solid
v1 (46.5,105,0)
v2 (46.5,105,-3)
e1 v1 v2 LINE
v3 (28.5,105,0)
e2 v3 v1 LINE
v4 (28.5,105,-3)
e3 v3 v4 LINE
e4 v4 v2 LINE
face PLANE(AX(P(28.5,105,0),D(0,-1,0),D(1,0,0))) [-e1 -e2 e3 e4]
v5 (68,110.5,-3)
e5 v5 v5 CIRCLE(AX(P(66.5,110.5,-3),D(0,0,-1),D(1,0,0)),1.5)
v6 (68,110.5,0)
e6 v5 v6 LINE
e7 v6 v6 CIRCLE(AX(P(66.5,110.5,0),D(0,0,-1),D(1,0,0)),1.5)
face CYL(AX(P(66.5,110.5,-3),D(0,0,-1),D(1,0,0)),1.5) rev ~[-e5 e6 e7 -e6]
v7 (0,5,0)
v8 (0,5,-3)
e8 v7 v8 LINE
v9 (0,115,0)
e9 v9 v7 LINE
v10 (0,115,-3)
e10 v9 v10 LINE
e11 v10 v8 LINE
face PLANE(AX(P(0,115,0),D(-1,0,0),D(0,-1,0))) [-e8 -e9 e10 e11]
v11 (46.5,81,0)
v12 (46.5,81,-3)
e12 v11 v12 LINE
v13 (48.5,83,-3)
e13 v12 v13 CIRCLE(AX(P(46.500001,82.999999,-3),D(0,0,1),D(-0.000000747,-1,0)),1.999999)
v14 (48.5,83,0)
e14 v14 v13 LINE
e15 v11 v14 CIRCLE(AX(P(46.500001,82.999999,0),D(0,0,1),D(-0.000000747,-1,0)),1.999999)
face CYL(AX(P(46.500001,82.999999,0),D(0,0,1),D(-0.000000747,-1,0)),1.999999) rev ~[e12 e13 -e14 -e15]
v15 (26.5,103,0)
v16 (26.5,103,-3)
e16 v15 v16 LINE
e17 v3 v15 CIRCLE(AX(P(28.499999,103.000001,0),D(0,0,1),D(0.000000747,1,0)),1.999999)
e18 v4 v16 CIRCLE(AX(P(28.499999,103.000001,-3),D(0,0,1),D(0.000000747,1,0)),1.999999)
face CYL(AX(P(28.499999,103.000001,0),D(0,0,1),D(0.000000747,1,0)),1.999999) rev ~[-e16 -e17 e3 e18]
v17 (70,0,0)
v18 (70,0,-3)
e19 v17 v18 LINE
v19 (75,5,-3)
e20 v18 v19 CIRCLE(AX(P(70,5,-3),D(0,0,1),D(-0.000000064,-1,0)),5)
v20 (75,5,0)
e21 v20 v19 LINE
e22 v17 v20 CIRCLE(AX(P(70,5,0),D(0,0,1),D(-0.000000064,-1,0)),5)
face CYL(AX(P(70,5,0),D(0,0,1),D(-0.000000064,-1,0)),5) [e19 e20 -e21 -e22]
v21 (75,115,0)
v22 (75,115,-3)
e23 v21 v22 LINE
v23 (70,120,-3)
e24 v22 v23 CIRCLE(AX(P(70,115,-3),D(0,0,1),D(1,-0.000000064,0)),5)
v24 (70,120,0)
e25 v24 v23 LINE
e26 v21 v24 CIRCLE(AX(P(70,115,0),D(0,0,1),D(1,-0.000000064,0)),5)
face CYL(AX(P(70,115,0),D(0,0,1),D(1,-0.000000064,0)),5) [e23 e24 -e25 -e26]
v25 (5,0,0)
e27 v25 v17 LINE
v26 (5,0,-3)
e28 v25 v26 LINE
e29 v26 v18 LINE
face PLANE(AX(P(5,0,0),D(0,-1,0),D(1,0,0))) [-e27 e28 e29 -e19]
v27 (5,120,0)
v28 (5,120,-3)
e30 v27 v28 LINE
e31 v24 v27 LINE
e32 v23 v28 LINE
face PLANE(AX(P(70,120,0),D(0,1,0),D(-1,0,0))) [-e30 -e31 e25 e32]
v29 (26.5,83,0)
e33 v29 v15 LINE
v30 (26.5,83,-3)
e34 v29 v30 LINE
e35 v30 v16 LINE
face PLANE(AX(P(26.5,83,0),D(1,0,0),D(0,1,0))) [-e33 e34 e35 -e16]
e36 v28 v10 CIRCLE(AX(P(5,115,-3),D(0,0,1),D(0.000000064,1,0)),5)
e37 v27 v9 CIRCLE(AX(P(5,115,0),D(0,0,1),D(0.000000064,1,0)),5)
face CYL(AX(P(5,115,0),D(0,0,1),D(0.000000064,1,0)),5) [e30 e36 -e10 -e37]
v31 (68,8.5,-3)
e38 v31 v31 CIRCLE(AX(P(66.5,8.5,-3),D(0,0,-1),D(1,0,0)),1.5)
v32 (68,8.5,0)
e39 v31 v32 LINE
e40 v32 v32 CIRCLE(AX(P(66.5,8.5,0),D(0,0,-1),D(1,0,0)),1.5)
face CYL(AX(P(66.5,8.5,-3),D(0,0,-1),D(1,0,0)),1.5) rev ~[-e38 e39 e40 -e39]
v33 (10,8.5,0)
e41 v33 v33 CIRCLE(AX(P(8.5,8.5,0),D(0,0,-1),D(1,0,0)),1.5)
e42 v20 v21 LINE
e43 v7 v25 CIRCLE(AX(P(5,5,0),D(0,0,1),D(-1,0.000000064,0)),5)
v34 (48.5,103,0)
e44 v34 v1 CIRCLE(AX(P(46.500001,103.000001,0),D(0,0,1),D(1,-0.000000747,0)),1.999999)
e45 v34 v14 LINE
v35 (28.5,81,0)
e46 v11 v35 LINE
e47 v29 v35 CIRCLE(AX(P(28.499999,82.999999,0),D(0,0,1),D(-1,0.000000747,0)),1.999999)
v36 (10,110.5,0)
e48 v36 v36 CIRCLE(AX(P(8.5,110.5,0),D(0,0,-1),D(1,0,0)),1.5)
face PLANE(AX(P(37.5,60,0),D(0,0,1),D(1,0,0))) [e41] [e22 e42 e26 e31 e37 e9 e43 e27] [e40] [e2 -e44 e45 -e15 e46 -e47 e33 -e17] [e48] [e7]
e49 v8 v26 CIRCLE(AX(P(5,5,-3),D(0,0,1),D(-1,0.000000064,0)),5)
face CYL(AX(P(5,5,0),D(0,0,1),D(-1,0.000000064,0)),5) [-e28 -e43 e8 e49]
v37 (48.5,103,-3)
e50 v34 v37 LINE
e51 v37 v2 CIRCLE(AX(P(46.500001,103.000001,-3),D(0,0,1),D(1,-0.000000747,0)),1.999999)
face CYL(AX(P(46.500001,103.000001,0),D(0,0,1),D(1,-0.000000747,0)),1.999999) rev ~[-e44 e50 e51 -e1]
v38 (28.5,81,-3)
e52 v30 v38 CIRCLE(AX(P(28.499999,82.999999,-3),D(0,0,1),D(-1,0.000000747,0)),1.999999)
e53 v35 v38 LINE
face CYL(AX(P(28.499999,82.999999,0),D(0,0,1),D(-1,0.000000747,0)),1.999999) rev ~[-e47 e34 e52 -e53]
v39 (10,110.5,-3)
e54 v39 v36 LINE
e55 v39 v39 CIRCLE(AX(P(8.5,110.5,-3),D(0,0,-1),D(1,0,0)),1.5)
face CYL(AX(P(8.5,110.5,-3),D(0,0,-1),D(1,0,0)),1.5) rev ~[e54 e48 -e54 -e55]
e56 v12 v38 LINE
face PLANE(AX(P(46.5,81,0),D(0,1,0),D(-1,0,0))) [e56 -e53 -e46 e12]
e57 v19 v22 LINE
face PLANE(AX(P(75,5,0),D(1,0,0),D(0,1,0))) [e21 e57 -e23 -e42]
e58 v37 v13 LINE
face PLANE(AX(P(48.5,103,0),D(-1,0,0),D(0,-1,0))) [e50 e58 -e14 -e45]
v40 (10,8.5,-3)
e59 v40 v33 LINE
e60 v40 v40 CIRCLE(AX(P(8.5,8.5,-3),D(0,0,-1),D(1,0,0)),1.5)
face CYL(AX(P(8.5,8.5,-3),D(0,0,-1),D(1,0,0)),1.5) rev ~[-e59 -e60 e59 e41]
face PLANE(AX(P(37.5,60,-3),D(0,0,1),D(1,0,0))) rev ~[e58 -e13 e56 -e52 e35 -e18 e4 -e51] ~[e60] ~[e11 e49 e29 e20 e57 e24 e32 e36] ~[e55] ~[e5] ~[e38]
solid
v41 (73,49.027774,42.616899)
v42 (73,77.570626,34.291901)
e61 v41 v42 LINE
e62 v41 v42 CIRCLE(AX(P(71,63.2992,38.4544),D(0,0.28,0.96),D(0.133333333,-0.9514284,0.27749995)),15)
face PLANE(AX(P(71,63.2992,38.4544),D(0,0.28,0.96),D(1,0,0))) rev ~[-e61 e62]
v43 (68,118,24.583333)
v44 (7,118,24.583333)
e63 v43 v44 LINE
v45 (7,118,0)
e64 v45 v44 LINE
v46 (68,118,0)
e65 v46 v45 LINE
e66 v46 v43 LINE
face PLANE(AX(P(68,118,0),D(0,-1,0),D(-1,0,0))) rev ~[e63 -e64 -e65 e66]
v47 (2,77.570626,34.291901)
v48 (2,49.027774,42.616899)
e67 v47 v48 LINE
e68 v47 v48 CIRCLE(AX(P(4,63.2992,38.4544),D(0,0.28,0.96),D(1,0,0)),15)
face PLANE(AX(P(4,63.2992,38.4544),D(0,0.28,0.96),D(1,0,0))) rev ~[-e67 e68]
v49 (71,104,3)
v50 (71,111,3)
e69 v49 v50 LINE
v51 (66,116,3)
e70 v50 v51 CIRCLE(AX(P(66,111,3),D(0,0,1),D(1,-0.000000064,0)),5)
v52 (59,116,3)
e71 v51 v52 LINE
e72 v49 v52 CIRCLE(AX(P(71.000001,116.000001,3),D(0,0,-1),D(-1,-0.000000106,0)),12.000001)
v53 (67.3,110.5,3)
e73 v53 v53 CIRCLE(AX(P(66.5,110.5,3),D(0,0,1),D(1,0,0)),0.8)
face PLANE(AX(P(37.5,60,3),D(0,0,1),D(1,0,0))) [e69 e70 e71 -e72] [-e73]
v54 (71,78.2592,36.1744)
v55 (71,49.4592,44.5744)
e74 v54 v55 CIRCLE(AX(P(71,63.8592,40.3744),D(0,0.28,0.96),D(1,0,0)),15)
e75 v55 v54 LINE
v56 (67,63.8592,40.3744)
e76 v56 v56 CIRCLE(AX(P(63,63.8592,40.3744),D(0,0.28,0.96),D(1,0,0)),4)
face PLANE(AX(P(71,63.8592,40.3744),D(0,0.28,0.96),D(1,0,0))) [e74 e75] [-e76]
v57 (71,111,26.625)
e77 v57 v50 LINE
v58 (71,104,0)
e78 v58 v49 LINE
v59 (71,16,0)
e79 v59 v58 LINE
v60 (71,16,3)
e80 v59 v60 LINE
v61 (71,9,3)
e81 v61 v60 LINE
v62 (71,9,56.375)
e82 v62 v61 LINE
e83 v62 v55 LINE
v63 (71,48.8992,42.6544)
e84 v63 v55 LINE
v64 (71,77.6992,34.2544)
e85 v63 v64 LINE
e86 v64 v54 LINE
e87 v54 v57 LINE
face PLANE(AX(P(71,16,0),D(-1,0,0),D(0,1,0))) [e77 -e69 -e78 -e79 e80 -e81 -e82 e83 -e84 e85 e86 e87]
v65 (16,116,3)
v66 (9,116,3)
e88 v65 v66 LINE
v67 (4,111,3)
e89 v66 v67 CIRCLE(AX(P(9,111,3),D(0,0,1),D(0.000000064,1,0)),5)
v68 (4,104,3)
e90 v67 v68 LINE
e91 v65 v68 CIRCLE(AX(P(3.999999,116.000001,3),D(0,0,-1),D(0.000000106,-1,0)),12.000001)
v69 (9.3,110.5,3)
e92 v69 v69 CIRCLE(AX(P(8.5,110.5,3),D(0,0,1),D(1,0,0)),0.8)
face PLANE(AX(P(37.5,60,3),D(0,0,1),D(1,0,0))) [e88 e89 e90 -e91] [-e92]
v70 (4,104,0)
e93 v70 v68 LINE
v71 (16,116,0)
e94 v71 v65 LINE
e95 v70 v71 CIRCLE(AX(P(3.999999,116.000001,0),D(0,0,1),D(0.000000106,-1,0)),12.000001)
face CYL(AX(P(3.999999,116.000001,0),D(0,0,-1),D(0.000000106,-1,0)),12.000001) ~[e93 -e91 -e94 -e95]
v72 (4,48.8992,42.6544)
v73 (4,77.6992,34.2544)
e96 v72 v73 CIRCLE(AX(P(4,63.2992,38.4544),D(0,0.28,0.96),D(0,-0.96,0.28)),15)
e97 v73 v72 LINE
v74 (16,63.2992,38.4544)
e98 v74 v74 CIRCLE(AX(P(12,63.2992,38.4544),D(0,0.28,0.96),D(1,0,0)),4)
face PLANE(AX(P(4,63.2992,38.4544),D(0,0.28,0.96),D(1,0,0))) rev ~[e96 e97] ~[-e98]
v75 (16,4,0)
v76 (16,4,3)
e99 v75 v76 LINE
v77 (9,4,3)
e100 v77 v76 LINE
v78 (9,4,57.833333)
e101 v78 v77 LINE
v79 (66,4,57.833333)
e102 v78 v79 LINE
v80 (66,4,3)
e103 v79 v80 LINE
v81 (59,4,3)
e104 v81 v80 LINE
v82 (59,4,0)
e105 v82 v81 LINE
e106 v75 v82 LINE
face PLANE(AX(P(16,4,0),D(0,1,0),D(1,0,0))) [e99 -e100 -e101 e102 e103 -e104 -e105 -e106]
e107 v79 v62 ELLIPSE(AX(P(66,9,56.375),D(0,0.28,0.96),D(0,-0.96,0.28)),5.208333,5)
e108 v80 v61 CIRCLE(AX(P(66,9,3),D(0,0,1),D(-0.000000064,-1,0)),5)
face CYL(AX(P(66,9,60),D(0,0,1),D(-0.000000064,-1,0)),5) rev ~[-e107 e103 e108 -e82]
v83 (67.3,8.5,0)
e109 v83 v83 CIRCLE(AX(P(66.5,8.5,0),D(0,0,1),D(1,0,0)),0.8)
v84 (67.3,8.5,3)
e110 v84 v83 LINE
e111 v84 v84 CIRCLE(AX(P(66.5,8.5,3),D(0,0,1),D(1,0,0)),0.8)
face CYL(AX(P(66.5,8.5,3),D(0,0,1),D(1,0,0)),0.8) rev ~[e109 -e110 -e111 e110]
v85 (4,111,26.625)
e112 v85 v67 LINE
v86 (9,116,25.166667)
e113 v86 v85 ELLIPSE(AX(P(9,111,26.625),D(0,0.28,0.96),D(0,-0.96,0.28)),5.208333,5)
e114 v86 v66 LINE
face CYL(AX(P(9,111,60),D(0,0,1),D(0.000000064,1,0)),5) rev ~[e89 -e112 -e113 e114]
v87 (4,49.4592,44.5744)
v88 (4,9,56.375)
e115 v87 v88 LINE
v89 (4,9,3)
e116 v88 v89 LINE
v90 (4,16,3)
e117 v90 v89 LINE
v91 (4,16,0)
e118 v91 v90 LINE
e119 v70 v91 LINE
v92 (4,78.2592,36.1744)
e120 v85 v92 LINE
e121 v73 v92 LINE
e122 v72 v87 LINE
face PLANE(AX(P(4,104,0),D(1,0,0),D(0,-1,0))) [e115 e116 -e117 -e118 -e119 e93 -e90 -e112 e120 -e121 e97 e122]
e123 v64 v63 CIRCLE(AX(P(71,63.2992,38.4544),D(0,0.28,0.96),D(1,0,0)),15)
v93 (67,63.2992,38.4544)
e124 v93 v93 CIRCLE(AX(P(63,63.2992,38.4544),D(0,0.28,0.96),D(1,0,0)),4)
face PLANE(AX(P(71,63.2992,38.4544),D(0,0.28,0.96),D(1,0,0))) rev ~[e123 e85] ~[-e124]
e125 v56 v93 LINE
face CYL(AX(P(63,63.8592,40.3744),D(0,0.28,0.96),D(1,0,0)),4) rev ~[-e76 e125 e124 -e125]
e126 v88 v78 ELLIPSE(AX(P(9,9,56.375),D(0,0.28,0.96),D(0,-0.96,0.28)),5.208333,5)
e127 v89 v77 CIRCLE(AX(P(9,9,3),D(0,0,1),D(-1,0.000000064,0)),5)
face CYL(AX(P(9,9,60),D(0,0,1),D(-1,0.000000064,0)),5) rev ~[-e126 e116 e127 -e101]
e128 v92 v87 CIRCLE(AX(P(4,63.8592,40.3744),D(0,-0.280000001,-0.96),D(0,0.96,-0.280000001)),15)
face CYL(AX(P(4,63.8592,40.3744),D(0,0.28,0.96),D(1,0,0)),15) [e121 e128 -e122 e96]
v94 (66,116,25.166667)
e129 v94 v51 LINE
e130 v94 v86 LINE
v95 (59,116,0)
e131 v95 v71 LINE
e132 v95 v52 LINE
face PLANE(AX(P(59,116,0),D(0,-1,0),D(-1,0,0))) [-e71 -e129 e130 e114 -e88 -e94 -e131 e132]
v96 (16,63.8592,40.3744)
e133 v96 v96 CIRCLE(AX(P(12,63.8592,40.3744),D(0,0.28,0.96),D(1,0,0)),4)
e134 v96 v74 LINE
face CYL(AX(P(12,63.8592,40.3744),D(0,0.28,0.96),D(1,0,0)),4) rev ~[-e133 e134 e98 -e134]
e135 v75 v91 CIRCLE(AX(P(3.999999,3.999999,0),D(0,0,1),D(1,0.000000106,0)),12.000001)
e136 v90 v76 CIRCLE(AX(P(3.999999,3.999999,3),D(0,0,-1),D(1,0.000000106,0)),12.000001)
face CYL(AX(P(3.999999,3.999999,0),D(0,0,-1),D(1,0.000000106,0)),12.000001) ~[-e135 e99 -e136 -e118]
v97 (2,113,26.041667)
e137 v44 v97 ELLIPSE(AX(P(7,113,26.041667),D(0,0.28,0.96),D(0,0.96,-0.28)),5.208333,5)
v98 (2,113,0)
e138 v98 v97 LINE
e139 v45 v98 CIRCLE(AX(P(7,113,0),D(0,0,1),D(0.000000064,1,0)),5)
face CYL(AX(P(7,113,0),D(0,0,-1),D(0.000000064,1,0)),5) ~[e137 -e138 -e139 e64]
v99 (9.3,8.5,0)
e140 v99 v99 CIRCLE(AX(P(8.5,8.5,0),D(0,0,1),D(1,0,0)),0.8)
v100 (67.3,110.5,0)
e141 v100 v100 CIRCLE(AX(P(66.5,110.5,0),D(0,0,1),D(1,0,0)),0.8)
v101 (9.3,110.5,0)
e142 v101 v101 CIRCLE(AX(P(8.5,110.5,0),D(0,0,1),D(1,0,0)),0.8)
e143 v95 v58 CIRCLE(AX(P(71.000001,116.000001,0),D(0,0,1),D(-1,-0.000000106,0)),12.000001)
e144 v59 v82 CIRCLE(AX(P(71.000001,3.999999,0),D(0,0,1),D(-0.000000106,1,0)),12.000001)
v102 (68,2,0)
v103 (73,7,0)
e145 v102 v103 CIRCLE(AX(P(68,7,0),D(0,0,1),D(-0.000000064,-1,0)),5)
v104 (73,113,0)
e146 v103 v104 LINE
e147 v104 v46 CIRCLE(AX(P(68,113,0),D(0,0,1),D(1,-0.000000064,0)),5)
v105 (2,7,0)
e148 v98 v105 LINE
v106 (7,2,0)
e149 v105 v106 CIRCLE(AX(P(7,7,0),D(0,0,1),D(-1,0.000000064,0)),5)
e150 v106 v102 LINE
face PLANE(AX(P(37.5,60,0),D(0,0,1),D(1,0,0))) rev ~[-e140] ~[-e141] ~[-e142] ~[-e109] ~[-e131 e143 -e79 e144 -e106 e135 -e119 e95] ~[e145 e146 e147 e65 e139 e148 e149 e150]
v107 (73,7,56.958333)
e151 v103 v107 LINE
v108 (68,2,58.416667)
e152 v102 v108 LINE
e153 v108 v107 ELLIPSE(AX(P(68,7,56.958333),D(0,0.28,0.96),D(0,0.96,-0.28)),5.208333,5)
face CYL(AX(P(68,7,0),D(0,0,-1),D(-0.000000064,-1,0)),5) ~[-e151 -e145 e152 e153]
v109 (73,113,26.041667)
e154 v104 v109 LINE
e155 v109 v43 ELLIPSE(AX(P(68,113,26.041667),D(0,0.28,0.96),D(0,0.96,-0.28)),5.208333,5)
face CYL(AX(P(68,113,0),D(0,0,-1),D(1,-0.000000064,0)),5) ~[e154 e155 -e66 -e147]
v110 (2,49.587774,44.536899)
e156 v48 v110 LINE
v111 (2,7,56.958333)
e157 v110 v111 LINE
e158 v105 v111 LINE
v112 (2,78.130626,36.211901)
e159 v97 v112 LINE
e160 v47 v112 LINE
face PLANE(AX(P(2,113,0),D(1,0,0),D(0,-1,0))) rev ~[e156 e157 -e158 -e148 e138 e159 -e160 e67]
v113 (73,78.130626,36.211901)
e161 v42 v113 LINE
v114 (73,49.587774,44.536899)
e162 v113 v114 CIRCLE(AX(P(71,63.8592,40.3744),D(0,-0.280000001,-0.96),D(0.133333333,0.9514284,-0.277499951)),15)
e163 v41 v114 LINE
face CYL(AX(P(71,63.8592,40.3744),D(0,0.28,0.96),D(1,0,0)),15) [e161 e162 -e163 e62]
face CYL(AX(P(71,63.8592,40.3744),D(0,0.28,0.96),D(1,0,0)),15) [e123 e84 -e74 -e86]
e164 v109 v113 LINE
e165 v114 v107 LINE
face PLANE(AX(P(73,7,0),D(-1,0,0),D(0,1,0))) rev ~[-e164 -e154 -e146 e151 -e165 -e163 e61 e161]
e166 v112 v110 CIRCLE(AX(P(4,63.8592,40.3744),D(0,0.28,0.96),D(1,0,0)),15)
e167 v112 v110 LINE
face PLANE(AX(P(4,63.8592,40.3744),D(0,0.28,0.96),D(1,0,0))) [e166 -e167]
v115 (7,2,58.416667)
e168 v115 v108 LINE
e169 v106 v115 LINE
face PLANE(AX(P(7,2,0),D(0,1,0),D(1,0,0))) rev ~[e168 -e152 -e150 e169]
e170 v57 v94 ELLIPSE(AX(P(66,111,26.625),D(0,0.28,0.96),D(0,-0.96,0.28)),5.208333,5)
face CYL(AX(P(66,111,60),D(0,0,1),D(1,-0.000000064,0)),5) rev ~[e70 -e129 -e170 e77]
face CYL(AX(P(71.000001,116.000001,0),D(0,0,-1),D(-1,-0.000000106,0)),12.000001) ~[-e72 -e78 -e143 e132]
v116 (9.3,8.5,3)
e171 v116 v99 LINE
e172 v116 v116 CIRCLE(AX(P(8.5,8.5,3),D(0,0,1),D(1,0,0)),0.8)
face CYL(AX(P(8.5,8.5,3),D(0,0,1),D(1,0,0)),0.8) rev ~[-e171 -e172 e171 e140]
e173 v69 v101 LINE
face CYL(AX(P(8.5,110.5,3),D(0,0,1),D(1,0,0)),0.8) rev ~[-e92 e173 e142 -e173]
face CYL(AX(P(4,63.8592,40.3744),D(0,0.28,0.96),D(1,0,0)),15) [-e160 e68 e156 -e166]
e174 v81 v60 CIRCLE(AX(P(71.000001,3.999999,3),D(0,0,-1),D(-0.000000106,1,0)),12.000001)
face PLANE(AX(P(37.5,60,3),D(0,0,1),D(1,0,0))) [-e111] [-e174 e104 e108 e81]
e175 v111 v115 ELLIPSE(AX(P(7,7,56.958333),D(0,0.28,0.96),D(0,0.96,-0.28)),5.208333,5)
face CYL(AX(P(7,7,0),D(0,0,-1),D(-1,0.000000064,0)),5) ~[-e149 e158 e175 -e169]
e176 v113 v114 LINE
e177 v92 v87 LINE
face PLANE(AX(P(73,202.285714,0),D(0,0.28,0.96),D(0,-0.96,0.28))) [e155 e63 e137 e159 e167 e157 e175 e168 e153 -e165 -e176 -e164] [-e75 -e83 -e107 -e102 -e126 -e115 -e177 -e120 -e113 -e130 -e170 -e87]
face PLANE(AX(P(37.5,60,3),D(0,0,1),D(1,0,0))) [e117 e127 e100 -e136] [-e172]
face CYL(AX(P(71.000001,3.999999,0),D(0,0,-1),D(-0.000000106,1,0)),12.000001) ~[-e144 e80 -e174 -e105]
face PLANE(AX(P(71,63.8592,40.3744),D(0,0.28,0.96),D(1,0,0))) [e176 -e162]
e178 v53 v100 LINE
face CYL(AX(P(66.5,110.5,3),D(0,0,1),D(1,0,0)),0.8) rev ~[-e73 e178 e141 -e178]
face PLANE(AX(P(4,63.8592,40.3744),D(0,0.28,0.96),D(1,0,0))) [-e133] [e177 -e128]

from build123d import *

# Parameters (mm, degrees)
PAD001_DEPTH    = 60
POCKET_DEPTH    = 57
SKETCH006_R     = 0.8
POCKET001_DEPTH = 3.001
POCKET002_DEPTH = 71.001
SKETCH008_R     = 15
SKETCH008_R_2   = 4
PAD002_DEPTH    = 2
PAD_DEPTH       = 3
SKETCH009_R     = 1.5
POCKET003_DEPTH = 5


with BuildPart() as pad002:
    # Sketch004 → Pad001 (new body)
    with BuildSketch(Plane.XY):
        with BuildLine():
            Line((7, 2), (68, 2))
            ThreePointArc((68, 2), (71.535534, 3.464466), (73, 7))
            Line((73, 7), (73, 113))
            ThreePointArc((73, 113), (71.535534, 116.535534), (68, 118))
            Line((68, 118), (7, 118))
            ThreePointArc((7, 118), (3.464466, 116.535534), (2, 113))
            Line((2, 113), (2, 7))
            ThreePointArc((2, 7), (3.464466, 3.464466), (7, 2))
        make_face()
        with BuildLine():
            Line((16, 4), (59, 4))
            ThreePointArc((71, 16), (62.514719, 12.485281), (59, 4))
            Line((71, 16), (71, 104))
            ThreePointArc((59, 116), (62.514719, 107.514719), (71, 104))
            Line((59, 116), (16, 116))
            ThreePointArc((4, 104), (12.485281, 107.514719), (16, 116))
            Line((4, 104), (4, 16))
            ThreePointArc((16, 4), (12.485281, 12.485281), (4, 16))
        make_face(mode=Mode.SUBTRACT)
    extrude(amount=PAD001_DEPTH)

    # Sketch003 → Pocket (cut)
    with BuildSketch(Plane.XY.offset(60)):
        with BuildLine():
            Line((9, 4), (66, 4))
            ThreePointArc((66, 4), (69.535534, 5.464466), (71, 9))
            Line((71, 9), (71, 111))
            ThreePointArc((71, 111), (69.535534, 114.535534), (66, 116))
            Line((66, 116), (9, 116))
            ThreePointArc((9, 116), (5.464466, 114.535534), (4, 111))
            Line((4, 111), (4, 9))
            ThreePointArc((4, 9), (5.464466, 5.464466), (9, 4))
        make_face()
    extrude(amount=-POCKET_DEPTH, mode=Mode.SUBTRACT)

    # Sketch006 → Pocket001 (cut, through all)
    with BuildSketch(Plane.XY.offset(3)):
        with Locations((8.5, 110.5)):
            Circle(SKETCH006_R)
        with Locations((66.5, 110.5)):
            Circle(SKETCH006_R)
        with Locations((8.5, 8.5)):
            Circle(SKETCH006_R)
        with Locations((66.5, 8.5)):
            Circle(SKETCH006_R)
    extrude(amount=-POCKET001_DEPTH, mode=Mode.SUBTRACT)

    # Sketch005 → Pocket002 (cut, through all)
    with BuildSketch(Plane.YZ.offset(73)):
        Polygon((202.285714, 0), (0, 59), (0, 90.06), (202.285714, 90.06), align=None)
    extrude(amount=-POCKET002_DEPTH, mode=Mode.SUBTRACT)

    # Sketch008 → Pad002 (new body)
    with BuildSketch(Plane(origin=(0, 15.8592, 54.3744), x_dir=(1, 0, 0), z_dir=(0, 0.28, 0.96))):
        with Locations((4, 50)):
            Circle(SKETCH008_R)
        with Locations((12, 50)):
            Circle(SKETCH008_R_2, mode=Mode.SUBTRACT)
        with Locations((71, 50)):
            Circle(SKETCH008_R)
        with Locations((63, 50)):
            Circle(SKETCH008_R_2, mode=Mode.SUBTRACT)
    extrude(amount=-PAD002_DEPTH)


with BuildPart() as pocket003:
    # Sketch → Pad (new body)
    with BuildSketch(Plane.XY):
        with BuildLine():
            Line((5, 0), (70, 0))
            ThreePointArc((70, 0), (73.535534, 1.464466), (75, 5))
            Line((75, 5), (75, 115))
            ThreePointArc((75, 115), (73.535534, 118.535534), (70, 120))
            Line((70, 120), (5, 120))
            ThreePointArc((5, 120), (1.464466, 118.535534), (0, 115))
            Line((0, 115), (0, 5))
            ThreePointArc((0, 5), (1.464466, 1.464466), (5, 0))
        make_face()
        with BuildLine():
            Line((28.5, 105), (46.5, 105))
            ThreePointArc((48.5, 103), (47.914214, 104.414214), (46.5, 105))
            Line((48.5, 103), (48.5, 83))
            ThreePointArc((46.5, 81), (47.914214, 81.585786), (48.5, 83))
            Line((46.5, 81), (28.5, 81))
            ThreePointArc((26.5, 83), (27.085786, 81.585786), (28.5, 81))
            Line((26.5, 83), (26.5, 103))
            ThreePointArc((28.5, 105), (27.085786, 104.414214), (26.5, 103))
        make_face(mode=Mode.SUBTRACT)
    extrude(amount=-PAD_DEPTH)

    # Sketch009 → Pocket003 (cut)
    with BuildSketch(Plane(origin=(0, 0, -3), x_dir=(1, 0, 0), z_dir=(0, 0, -1))):
        with Locations((66.5, -8.5)):
            Circle(SKETCH009_R)
        with Locations((8.5, -110.5)):
            Circle(SKETCH009_R)
        with Locations((66.5, -110.5)):
            Circle(SKETCH009_R)
        with Locations((8.5, -8.5)):
            Circle(SKETCH009_R)
    extrude(amount=-POCKET003_DEPTH, mode=Mode.SUBTRACT)


solid = Compound([pad002.part, pocket003.part])
